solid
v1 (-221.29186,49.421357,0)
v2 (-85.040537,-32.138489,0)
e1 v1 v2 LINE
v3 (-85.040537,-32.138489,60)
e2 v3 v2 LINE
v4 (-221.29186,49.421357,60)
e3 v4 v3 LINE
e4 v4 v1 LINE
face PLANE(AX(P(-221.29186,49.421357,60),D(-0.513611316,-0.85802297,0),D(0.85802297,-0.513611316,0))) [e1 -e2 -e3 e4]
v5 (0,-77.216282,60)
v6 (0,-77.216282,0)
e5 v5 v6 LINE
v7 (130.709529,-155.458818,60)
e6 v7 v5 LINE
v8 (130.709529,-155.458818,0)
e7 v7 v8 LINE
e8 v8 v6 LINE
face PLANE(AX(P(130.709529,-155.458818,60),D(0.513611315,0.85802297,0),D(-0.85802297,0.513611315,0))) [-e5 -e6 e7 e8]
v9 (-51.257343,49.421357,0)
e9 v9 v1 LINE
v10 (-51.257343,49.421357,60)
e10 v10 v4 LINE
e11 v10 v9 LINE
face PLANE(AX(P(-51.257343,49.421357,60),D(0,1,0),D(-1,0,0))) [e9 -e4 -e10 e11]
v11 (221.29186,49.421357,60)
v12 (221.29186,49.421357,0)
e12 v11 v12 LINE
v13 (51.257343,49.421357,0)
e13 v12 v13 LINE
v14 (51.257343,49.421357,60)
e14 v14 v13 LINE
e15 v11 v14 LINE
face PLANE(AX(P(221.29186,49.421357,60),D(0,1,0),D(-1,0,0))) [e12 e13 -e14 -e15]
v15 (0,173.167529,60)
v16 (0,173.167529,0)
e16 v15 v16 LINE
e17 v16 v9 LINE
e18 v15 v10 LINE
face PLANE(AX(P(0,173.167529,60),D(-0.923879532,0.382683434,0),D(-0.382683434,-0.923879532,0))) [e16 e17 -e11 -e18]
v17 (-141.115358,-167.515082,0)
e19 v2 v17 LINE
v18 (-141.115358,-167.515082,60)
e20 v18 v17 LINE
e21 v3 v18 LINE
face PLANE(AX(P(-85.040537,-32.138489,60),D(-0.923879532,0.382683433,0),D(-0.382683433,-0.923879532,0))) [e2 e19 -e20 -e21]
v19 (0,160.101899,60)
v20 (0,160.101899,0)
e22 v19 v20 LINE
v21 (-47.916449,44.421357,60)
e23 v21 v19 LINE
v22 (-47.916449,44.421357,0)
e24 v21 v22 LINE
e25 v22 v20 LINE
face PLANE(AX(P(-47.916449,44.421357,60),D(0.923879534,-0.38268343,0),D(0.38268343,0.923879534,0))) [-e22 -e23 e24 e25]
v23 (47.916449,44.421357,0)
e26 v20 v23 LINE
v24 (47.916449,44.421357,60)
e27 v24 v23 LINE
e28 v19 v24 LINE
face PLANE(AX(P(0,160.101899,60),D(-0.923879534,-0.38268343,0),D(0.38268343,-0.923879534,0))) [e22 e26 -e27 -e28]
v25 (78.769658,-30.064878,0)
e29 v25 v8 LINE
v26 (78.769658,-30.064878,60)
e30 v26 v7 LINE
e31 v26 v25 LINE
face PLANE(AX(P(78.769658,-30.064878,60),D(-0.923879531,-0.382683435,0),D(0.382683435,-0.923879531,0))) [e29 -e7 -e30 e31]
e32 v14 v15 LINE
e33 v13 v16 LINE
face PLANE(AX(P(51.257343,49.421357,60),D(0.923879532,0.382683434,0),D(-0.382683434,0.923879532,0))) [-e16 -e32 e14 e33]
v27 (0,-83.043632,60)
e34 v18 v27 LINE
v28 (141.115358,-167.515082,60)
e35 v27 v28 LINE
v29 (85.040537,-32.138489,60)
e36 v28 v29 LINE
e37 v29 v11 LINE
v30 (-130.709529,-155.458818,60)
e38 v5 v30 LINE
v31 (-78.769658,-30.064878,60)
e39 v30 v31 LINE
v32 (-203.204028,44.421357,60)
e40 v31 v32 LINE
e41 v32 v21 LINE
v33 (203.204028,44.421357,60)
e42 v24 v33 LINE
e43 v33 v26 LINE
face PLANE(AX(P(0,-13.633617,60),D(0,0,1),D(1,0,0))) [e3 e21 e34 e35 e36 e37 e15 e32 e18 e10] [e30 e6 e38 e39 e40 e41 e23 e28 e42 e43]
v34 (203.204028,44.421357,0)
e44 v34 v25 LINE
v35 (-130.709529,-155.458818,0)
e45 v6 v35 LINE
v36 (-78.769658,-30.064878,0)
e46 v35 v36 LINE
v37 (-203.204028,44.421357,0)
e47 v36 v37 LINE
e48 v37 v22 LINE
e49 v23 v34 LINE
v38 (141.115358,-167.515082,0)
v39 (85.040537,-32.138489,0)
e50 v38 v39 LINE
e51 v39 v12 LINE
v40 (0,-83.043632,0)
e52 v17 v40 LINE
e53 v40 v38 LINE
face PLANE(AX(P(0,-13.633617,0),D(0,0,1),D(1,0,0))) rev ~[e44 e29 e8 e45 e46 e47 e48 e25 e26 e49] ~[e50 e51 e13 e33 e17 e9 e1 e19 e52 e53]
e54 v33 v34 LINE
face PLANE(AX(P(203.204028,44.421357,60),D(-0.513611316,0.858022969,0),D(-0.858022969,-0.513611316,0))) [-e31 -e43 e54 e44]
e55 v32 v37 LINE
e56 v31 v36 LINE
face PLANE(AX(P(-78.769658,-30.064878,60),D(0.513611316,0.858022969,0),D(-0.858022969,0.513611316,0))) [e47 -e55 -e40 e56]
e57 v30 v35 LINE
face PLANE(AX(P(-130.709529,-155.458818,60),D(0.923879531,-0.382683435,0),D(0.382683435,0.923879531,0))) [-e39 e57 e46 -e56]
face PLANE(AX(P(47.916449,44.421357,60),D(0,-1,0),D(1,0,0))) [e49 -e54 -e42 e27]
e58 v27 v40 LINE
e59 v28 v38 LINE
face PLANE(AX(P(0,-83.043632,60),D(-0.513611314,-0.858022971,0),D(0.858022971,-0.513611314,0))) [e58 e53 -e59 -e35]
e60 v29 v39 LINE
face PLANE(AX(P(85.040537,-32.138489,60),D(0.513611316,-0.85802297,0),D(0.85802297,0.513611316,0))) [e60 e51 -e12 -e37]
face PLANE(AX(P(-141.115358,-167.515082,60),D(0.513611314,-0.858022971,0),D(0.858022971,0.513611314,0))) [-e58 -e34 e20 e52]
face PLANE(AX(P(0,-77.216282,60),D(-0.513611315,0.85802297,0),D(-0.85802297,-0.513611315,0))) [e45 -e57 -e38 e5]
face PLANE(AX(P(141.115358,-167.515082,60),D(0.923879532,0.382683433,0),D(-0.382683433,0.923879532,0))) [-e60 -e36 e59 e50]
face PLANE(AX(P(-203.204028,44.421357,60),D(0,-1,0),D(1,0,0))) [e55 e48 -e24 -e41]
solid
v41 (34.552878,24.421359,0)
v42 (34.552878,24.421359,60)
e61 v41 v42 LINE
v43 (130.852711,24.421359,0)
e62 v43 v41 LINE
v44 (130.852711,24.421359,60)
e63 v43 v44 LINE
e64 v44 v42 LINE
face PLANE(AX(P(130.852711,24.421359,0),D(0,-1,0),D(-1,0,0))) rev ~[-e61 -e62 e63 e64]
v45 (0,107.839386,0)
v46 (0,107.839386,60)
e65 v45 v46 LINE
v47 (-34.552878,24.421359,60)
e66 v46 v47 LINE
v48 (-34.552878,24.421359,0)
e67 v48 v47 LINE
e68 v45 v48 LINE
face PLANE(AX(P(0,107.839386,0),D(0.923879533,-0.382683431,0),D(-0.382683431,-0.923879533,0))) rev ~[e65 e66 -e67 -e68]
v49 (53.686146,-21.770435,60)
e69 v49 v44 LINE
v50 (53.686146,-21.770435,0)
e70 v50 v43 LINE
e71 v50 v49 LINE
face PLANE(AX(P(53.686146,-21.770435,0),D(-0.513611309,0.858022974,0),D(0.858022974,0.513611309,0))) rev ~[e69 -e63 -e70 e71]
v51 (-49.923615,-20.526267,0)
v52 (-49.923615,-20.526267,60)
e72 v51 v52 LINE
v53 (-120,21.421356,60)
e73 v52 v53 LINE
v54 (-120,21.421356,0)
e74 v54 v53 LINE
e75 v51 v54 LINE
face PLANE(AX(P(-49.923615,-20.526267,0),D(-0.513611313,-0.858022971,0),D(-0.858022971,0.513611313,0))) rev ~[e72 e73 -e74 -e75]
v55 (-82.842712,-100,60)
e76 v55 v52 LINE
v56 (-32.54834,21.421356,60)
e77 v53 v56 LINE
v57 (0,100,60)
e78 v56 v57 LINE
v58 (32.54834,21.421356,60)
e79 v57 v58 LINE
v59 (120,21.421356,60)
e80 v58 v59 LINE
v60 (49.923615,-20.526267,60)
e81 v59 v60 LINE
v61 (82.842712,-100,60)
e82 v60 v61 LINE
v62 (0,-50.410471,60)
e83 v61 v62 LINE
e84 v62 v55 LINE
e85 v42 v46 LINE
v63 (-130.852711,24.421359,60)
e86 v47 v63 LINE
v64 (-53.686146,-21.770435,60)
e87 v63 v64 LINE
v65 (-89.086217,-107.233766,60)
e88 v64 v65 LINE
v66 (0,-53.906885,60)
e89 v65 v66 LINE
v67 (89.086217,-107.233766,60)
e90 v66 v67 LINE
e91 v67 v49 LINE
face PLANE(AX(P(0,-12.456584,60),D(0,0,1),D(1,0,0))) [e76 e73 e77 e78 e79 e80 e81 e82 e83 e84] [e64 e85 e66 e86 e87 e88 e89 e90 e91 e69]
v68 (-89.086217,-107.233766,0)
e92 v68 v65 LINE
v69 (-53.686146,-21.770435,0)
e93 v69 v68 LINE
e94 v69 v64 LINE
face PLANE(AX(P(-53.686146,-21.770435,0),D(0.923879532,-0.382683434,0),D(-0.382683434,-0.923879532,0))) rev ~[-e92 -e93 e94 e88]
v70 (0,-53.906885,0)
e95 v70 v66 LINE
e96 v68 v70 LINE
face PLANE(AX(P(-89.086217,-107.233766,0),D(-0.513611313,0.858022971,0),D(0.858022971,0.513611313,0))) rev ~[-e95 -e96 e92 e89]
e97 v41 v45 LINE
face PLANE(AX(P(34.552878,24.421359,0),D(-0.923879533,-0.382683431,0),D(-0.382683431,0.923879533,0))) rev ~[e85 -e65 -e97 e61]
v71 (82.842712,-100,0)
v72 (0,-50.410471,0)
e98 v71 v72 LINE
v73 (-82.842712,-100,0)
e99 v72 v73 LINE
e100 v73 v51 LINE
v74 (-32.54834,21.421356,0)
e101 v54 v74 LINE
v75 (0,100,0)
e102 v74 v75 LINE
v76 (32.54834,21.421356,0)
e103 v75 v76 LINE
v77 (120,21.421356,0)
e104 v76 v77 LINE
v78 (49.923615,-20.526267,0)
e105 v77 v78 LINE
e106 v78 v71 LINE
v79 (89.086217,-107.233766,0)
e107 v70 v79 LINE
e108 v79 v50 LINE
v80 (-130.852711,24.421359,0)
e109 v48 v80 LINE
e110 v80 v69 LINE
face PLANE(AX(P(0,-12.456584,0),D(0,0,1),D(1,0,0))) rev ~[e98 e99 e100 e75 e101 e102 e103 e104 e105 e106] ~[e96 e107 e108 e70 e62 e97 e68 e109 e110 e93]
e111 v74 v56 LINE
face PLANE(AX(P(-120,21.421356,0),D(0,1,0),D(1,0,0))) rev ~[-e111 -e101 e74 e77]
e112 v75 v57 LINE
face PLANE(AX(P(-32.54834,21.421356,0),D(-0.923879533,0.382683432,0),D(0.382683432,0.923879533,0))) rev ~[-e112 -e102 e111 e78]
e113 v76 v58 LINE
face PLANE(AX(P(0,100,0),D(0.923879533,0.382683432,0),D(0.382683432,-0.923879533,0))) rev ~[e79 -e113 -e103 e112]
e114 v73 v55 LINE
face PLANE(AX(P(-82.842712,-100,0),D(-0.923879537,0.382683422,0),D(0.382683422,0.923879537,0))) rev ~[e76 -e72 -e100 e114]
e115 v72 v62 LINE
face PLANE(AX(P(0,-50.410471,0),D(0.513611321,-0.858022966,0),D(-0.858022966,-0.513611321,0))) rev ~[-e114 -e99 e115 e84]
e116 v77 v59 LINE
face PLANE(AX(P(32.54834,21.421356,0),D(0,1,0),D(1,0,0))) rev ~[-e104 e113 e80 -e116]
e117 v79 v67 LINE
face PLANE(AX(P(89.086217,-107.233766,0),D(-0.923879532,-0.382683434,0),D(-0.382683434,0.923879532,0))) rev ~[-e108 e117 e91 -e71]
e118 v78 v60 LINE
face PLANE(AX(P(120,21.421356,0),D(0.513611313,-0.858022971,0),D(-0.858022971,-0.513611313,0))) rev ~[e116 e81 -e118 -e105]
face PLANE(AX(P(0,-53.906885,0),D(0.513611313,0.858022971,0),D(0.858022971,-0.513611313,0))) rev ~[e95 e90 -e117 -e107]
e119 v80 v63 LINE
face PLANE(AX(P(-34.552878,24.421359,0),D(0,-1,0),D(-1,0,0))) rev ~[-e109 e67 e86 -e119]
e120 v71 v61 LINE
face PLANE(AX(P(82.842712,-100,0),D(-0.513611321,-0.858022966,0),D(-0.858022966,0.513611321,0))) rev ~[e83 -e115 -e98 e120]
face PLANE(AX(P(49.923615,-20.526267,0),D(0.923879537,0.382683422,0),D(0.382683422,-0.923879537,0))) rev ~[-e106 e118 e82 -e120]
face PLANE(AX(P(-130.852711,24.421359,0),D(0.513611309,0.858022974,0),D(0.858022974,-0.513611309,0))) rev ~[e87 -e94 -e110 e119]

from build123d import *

# Parameters (mm, degrees)
F1_DEPTH = 60
F3_DEPTH = 60


with BuildPart() as f1:
    # F0 (on Top) → F1 (new body)
    with BuildSketch(Plane.XY):
        Polygon((-89.086217, -107.233766), (0, -53.906885), (89.086217, -107.233766), (53.686146, -21.770435), (130.852711, 24.421359), (34.552878, 24.421359), (0, 107.839386), (-34.552878, 24.421359), (-130.852711, 24.421359), (-53.686146, -21.770435), align=None)
        Polygon((-32.54834, 21.421356), (0, 100), (32.54834, 21.421356), (120, 21.421356), (49.923615, -20.526267), (82.842712, -100), (0, -50.410471), (-82.842712, -100), (-49.923615, -20.526267), (-120, 21.421356), align=None, mode=Mode.SUBTRACT)
    extrude(amount=F1_DEPTH)


with BuildPart() as f3:
    # F2 (on face) → F3 (new body)
    with BuildSketch(Plane.XY.offset(60)):
        Polygon((51.257343, 49.421357), (0, 173.167529), (-51.257343, 49.421357), (-221.29186, 49.421357), (-85.040537, -32.138489), (-141.115358, -167.515082), (0, -83.043632), (141.115358, -167.515082), (85.040537, -32.138489), (221.29186, 49.421357), align=None)
        Polygon((-47.916449, 44.421357), (0, 160.101899), (47.916449, 44.421357), (203.204028, 44.421357), (78.769658, -30.064878), (130.709529, -155.458818), (0, -77.216282), (-130.709529, -155.458818), (-78.769658, -30.064878), (-203.204028, 44.421357), align=None, mode=Mode.SUBTRACT)
    extrude(amount=-F3_DEPTH)


solid = Compound([f1.part, f3.part])
